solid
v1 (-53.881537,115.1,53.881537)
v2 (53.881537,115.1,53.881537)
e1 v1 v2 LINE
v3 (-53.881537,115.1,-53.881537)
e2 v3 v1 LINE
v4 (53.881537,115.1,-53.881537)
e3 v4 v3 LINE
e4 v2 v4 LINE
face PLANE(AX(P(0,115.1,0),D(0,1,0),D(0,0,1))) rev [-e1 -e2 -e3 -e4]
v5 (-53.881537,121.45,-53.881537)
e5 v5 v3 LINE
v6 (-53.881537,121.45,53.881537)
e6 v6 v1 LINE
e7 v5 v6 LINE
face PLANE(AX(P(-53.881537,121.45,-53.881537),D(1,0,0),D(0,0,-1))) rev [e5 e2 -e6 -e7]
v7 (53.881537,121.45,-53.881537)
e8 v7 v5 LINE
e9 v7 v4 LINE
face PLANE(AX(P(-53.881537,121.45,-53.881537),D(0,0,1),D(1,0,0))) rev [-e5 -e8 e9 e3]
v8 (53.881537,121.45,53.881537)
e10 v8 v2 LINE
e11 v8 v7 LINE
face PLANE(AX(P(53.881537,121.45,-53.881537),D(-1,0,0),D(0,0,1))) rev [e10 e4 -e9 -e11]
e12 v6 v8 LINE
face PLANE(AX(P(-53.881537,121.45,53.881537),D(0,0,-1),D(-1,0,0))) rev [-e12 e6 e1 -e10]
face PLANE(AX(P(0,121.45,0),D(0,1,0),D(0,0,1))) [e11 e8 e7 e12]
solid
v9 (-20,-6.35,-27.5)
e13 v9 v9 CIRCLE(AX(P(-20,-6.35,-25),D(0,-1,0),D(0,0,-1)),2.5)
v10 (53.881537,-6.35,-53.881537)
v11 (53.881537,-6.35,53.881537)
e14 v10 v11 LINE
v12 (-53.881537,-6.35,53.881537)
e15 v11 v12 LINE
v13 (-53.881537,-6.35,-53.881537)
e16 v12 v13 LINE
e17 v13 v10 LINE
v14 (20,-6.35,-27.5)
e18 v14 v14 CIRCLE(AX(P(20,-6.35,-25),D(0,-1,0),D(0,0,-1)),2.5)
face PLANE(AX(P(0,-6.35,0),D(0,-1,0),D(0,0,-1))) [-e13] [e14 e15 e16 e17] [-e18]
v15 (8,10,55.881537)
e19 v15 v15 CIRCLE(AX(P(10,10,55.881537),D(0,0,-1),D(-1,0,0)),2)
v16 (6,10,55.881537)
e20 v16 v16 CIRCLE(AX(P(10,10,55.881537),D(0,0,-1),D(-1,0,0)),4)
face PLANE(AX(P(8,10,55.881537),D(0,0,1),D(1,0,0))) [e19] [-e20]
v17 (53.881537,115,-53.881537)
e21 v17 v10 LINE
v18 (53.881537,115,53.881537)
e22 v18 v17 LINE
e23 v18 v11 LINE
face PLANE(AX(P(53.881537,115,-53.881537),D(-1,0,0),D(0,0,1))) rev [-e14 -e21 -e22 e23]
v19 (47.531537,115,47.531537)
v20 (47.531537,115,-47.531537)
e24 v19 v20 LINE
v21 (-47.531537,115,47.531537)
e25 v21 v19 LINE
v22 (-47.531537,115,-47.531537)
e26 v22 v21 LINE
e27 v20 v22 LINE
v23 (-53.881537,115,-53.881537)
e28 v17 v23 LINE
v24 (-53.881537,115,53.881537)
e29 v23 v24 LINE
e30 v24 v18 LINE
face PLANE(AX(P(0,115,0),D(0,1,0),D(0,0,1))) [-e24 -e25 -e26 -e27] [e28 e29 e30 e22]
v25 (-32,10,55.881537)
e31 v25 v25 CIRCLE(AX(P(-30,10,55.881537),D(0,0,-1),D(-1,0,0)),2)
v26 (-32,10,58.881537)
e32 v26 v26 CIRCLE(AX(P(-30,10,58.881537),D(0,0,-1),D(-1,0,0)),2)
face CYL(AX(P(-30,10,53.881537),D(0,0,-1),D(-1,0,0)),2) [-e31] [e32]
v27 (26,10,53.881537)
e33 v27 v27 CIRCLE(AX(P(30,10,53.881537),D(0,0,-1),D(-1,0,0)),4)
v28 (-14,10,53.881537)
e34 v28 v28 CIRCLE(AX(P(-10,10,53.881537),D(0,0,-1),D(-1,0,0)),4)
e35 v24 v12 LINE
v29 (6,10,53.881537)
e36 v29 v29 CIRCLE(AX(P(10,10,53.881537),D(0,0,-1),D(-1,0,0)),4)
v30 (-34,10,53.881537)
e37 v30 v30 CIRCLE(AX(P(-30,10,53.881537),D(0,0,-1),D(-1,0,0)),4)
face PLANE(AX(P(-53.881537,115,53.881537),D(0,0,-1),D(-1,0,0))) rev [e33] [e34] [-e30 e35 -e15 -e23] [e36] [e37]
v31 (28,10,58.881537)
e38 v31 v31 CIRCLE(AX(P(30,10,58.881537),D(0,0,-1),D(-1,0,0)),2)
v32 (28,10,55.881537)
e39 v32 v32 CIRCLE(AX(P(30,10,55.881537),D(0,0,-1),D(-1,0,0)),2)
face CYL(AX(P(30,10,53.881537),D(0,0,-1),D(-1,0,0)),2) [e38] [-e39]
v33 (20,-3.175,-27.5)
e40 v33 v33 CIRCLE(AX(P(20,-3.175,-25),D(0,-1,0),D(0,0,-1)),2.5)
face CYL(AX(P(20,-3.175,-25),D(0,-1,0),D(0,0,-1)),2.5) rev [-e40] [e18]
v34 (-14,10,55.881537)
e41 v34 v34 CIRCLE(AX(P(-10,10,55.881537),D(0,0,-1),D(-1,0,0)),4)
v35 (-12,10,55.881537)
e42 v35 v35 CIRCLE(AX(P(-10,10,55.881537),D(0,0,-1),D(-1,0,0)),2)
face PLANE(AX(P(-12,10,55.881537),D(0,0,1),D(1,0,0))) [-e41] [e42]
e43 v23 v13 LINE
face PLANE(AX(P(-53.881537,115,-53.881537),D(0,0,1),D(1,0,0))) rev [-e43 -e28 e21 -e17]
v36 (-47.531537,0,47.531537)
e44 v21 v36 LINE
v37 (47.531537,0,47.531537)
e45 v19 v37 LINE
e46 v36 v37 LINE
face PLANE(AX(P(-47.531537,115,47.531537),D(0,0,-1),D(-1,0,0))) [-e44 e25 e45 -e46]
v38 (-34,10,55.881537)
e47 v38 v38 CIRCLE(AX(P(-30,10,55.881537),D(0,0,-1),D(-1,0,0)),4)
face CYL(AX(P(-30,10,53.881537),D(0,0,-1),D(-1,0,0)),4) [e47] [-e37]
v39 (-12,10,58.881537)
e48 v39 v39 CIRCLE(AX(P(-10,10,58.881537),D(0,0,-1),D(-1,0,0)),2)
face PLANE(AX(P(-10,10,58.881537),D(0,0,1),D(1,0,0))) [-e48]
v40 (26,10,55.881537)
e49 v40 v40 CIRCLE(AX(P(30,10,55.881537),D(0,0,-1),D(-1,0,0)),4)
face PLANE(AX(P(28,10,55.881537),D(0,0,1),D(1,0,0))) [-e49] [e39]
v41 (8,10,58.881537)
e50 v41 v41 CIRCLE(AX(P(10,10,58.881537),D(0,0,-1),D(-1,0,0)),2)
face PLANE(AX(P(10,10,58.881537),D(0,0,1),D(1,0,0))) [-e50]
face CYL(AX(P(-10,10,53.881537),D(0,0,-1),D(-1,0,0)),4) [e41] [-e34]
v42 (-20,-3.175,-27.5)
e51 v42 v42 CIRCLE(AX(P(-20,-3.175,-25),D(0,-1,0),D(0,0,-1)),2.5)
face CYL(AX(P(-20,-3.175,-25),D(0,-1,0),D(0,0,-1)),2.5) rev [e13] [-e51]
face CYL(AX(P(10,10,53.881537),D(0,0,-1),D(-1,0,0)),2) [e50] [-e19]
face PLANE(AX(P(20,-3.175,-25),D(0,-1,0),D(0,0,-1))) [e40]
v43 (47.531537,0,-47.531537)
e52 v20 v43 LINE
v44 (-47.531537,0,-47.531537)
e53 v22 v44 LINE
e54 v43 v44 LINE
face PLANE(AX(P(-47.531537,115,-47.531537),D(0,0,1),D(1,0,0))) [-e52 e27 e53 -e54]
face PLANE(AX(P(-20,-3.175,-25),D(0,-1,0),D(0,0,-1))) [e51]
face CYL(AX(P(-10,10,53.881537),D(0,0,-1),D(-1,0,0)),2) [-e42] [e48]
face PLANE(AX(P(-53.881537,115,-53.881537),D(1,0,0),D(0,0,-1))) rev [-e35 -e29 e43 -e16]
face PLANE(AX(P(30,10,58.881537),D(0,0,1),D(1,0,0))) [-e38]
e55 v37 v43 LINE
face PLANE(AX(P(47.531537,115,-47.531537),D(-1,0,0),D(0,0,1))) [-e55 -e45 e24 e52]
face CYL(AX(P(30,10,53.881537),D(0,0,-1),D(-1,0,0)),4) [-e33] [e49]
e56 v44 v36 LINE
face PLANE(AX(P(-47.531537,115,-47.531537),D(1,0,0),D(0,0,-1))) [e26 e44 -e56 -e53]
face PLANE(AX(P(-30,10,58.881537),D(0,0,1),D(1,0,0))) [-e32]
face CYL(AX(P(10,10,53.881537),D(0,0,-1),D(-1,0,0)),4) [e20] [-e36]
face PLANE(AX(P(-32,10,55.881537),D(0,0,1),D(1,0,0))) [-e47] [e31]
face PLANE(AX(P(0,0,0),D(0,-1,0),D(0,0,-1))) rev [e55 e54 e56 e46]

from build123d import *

# Parameters (mm, degrees)
SKETCH1_W           = 107.763073452
SKETCH1_H           = 107.763073452
SKETCH1_W_2         = 95.063073452
SKETCH1_H_2         = 95.063073452
BOSS_EXTRUDE1_DEPTH = 115
SKETCH2_W           = 107.763073452
SKETCH2_H           = 107.763073452
BOSS_EXTRUDE2_DEPTH = 6.35
SKETCH3_W           = 107.763073452
SKETCH3_H           = 107.763073452
BOSS_EXTRUDE3_DEPTH = 6.35
SKETCH4_R           = 2.5
CUT_EXTRUDE1_DEPTH  = 3.175
LPATTERN1_COUNT     = 4
LPATTERN1_PITCH     = 20


with BuildPart() as part:
    # Sketch1 → Boss-Extrude1 (new body)
    with BuildSketch(Plane(origin=(0, 0, 0), x_dir=(1, 0, 0), z_dir=(0, 1, 0))):
        Rectangle(SKETCH1_W, SKETCH1_H)
        Rectangle(SKETCH1_W_2, SKETCH1_H_2, mode=Mode.SUBTRACT)
    extrude(amount=BOSS_EXTRUDE1_DEPTH)

    # Sketch2 → Boss-Extrude2 (add)
    with BuildSketch(Plane.XZ):
        Rectangle(SKETCH2_W, SKETCH2_H)
    extrude(amount=BOSS_EXTRUDE2_DEPTH)

    # Sketch4 → Cut-Extrude1 (cut, symmetric)
    with BuildSketch(Plane.XZ.offset(6.35)):
        with Locations((-20, -25)):
            Circle(SKETCH4_R)
        with Locations((20, -25)):
            Circle(SKETCH4_R)
    extrude(amount=CUT_EXTRUDE1_DEPTH, both=True, mode=Mode.SUBTRACT)

    # Sketch6 → Revolve1 (revolve)
    with BuildSketch(Plane(origin=(0, 10, 0), x_dir=(1, 0, 0), z_dir=(0, 1, 0))):
        Polygon((-30, -53.881536726), (-30, -58.881536726), (-32, -58.881536726), (-32, -55.881536726), (-34, -55.881536726), (-34, -53.881536726), align=None)
    revolve1 = revolve(axis=Axis((-30, 10, 53.881536726), (0, 0, 1)))

    # LPattern1: Revolve1 ×4
    with Locations(*[(i * LPATTERN1_PITCH, 0, 0) for i in range(1, LPATTERN1_COUNT)]):
        add(revolve1)


with BuildPart() as body_2:
    # Sketch3 → Boss-Extrude3 (new body)
    with BuildSketch(Plane(origin=(0, 115.1, 0), x_dir=(1, 0, 0), z_dir=(0, 1, 0))):
        Rectangle(SKETCH3_W, SKETCH3_H)
    extrude(amount=BOSS_EXTRUDE3_DEPTH)


solid = Compound([part.part, body_2.part])
